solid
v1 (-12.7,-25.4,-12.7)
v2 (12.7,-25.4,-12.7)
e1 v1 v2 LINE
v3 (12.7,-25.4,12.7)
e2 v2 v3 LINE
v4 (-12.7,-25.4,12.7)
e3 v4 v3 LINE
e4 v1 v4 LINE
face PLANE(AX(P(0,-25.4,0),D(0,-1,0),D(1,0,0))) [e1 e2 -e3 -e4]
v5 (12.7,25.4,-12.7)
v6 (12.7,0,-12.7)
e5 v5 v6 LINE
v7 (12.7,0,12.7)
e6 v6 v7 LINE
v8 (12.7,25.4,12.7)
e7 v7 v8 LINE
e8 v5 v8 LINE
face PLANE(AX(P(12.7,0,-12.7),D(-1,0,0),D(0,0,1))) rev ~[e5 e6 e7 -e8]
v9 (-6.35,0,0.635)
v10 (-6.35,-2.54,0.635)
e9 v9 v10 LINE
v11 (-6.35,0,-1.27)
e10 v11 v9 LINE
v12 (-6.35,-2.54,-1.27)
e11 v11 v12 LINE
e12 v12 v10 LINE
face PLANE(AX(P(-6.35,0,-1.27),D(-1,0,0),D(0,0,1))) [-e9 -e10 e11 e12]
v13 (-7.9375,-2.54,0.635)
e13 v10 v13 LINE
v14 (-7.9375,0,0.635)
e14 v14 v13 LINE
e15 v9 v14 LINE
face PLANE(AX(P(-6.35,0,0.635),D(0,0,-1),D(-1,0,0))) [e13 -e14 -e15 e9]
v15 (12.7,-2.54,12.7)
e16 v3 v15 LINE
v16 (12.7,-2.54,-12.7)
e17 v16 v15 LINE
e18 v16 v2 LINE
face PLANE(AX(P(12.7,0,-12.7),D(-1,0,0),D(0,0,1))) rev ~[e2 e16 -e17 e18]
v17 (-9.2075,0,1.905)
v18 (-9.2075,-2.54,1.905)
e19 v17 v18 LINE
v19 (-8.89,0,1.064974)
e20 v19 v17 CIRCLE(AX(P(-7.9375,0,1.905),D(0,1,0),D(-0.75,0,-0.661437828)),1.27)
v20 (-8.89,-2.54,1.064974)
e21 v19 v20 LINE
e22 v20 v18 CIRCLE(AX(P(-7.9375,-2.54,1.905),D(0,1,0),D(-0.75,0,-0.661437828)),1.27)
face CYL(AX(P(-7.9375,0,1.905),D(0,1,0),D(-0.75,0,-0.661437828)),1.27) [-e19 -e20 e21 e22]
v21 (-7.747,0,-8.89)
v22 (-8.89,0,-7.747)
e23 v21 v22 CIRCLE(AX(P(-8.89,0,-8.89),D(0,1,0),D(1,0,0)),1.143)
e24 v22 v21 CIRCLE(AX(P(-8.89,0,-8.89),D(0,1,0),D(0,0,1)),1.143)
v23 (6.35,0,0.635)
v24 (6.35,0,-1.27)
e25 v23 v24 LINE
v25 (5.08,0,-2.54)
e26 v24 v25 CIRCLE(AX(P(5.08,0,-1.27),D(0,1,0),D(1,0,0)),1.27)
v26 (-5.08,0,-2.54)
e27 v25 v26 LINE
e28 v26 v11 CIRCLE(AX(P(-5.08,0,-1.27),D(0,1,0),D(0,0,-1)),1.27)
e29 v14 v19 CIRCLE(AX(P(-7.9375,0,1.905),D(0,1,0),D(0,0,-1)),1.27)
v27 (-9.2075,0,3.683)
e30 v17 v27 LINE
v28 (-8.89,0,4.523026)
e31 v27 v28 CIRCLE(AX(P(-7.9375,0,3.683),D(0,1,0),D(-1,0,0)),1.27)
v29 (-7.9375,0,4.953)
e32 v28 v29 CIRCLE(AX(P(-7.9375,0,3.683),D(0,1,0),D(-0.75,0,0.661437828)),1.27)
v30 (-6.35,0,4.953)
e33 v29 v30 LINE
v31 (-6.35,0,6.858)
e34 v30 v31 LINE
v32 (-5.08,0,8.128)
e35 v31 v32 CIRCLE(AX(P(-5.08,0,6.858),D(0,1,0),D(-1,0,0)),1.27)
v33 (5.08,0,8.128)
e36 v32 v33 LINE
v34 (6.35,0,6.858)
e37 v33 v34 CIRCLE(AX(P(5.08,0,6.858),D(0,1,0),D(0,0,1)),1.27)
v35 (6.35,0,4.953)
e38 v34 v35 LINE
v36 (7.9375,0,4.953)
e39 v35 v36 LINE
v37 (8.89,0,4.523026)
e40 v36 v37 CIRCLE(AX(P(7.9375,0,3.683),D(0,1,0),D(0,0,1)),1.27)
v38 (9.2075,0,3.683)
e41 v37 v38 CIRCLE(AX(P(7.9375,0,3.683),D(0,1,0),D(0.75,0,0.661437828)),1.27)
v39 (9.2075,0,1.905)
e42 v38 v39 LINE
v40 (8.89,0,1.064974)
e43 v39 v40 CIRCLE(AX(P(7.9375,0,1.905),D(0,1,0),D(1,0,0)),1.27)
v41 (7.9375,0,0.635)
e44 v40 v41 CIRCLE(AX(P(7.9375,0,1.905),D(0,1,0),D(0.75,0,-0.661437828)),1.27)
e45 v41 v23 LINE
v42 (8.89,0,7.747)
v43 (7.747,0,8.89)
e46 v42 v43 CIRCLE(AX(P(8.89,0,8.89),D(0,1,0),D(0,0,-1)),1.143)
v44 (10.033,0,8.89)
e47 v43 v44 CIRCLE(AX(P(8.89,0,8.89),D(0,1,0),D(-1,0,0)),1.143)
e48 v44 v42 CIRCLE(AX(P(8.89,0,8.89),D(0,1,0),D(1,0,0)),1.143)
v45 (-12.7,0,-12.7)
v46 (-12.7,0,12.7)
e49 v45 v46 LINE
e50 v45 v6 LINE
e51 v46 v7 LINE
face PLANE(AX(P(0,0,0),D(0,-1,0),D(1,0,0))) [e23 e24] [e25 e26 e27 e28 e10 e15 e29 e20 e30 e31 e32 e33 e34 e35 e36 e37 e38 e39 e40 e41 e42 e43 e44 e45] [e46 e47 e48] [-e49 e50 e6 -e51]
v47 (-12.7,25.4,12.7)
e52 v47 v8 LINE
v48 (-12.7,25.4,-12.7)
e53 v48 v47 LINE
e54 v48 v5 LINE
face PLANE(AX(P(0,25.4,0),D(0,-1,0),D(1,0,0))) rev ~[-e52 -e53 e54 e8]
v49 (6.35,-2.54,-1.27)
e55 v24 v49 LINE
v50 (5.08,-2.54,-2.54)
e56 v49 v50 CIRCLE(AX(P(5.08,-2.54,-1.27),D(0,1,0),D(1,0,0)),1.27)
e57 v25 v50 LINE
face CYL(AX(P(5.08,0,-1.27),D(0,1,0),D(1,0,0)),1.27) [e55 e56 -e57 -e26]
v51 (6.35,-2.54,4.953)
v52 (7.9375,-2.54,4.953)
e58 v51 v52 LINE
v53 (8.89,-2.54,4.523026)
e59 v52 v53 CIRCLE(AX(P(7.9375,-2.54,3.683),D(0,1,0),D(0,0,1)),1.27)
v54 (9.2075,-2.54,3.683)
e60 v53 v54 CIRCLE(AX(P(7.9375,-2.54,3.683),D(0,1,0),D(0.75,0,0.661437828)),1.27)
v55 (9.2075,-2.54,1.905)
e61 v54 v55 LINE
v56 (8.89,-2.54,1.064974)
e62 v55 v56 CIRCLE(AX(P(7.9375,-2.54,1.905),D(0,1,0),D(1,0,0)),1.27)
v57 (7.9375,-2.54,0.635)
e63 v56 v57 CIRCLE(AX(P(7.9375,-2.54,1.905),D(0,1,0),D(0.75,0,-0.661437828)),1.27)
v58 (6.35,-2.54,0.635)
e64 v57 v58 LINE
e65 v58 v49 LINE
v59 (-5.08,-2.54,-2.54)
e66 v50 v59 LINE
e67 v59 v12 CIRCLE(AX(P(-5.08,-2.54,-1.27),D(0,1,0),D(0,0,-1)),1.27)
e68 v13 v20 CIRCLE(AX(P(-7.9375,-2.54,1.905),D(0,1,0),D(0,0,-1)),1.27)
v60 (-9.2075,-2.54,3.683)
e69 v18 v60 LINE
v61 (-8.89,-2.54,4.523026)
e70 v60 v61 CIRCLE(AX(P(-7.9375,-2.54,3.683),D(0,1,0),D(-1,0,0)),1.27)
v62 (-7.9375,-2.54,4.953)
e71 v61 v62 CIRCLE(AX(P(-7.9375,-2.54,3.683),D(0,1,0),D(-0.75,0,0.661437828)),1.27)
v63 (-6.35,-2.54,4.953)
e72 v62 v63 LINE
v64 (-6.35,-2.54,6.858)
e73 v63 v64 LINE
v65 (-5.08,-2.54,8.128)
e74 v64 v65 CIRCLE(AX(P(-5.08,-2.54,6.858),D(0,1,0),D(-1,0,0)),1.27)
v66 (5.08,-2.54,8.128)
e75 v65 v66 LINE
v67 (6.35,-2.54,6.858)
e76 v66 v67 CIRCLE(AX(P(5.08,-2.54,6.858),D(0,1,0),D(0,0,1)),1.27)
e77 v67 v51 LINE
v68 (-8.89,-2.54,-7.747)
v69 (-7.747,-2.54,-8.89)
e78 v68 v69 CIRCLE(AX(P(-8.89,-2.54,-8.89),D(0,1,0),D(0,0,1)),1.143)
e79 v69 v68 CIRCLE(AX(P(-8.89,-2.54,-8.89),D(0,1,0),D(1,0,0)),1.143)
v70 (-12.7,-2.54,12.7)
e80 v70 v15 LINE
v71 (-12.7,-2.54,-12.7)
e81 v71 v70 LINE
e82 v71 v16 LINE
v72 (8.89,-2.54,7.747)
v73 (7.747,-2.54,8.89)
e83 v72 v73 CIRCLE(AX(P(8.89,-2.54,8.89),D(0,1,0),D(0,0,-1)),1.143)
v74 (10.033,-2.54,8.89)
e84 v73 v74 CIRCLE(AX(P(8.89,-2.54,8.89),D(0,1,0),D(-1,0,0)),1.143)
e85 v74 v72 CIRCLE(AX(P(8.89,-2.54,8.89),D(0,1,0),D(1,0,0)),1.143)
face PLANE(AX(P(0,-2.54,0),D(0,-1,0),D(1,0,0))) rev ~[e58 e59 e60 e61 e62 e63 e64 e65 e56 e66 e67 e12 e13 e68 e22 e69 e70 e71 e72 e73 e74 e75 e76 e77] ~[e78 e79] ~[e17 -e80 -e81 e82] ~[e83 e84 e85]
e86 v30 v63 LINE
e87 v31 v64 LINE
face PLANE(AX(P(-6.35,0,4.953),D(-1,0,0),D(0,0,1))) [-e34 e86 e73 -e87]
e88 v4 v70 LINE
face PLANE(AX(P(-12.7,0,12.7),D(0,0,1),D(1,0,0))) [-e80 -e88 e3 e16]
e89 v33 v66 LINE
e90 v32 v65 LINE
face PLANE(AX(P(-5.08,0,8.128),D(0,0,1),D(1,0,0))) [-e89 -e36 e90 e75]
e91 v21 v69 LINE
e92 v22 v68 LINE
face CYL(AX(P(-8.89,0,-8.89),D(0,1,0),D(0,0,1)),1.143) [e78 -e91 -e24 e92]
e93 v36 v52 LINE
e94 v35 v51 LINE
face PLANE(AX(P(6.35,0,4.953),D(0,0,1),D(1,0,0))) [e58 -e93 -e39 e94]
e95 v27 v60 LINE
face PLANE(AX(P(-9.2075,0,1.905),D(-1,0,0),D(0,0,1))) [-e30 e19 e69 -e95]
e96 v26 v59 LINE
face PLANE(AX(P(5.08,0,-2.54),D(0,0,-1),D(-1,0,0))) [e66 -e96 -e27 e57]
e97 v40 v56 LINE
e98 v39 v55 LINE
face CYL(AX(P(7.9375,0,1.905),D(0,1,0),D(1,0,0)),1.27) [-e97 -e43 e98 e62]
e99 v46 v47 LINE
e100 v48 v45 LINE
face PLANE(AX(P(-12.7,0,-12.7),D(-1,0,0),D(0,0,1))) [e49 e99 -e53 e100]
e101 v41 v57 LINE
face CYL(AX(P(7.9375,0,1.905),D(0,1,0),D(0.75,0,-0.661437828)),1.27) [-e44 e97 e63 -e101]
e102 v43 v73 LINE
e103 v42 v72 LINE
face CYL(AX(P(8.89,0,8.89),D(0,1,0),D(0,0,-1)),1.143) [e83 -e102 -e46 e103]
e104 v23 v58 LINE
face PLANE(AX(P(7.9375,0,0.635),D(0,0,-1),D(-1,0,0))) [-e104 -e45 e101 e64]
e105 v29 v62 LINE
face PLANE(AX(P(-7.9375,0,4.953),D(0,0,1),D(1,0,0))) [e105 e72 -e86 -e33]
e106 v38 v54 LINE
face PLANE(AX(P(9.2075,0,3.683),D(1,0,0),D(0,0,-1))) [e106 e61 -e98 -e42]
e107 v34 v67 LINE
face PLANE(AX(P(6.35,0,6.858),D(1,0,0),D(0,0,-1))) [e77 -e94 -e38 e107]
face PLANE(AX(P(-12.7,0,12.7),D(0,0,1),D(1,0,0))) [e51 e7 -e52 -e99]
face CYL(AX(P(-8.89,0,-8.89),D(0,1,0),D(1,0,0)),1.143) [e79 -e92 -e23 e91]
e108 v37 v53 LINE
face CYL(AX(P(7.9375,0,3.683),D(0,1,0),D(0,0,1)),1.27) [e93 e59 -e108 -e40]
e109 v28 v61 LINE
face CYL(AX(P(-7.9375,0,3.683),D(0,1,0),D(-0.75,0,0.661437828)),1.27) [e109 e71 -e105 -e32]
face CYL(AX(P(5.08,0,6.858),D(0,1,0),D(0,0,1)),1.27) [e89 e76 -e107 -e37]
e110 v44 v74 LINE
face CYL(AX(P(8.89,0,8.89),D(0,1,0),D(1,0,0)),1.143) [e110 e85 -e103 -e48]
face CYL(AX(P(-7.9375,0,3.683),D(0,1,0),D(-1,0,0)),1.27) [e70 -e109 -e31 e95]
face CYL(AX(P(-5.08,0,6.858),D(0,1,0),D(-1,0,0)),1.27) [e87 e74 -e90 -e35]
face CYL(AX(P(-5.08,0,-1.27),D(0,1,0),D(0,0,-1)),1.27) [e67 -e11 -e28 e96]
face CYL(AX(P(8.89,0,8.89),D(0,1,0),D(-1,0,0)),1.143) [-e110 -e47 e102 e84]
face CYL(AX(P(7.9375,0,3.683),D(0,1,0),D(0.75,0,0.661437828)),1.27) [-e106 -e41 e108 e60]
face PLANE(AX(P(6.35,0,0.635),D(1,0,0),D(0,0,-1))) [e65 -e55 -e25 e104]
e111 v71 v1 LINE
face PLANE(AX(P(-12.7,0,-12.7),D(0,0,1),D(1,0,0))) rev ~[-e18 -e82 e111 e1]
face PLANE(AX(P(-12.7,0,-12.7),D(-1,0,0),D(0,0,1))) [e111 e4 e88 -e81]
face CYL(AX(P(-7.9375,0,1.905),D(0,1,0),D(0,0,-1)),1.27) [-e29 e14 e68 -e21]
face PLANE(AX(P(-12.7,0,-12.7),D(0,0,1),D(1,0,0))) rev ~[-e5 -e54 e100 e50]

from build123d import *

# Parameters (mm, degrees)
F0_W          = 25.4
F0_H          = 25.4
F0_W_2        = 12.7
F0_H_2        = 4.318
F1_DEPTH      = 25.4
F1_DEPTH_BACK = 25.4
F2_DEPTH      = 2.54


with BuildPart() as f1:
    # F0 (on Front) → F1 (new body, two sides)
    with BuildSketch(Plane.XZ) as f1_sk:
        Rectangle(F0_W, F0_H)
        with BuildLine():
            Line((-8.89, 8.89), (7.747, 8.89))
            ThreePointArc((7.747, 8.89), (8.89, 10.033), (10.033, 8.89))
            ThreePointArc((10.033, 8.89), (9.6982230509, 8.0817769491), (8.89, 7.747))
            Line((8.89, 7.747), (8.89, 4.5230260413))
            ThreePointArc((8.89, 4.5230260413), (9.1254762203, 4.1320128061), (9.2075, 3.683))
            Line((9.2075, 3.683), (9.2075, 1.905))
            ThreePointArc((9.2075, 1.905), (9.1254762203, 1.4559871939), (8.89, 1.0649739587))
            Line((8.89, 1.0649739587), (8.89, -8.89))
            Line((8.89, -8.89), (-7.747, -8.89))
            ThreePointArc((-7.747, -8.89), (-9.6982230509, -9.6982230509), (-8.89, -7.747))
            Line((-8.89, -7.747), (-8.89, 1.0649739587))
            ThreePointArc((-8.89, 1.0649739587), (-9.1254762203, 1.4559871939), (-9.2075, 1.905))
            Line((-9.2075, 1.905), (-9.2075, 3.683))
            ThreePointArc((-9.2075, 3.683), (-9.1254762203, 4.1320128061), (-8.89, 4.5230260413))
            Line((-8.89, 4.5230260413), (-8.89, 8.89))
        make_face(mode=Mode.SUBTRACT)
        with BuildLine():
            Line((8.89, -8.89), (8.89, 1.0649739587))
            ThreePointArc((8.89, 1.0649739587), (8.4600260413, 0.7474739587), (7.9375, 0.635))
            Line((7.9375, 0.635), (6.35, 0.635))
            Line((6.35, 0.635), (6.35, -1.27))
            ThreePointArc((6.35, -1.27), (5.9780256121, -2.1680256121), (5.08, -2.54))
            Line((5.08, -2.54), (-5.08, -2.54))
            ThreePointArc((-5.08, -2.54), (-5.9780256121, -2.1680256121), (-6.35, -1.27))
            Line((-6.35, -1.27), (-6.35, 0.635))
            Line((-6.35, 0.635), (-7.9375, 0.635))
            ThreePointArc((-7.9375, 0.635), (-8.4600260413, 0.7474739587), (-8.89, 1.0649739587))
            Line((-8.89, 1.0649739587), (-8.89, -7.747))
            ThreePointArc((-8.89, -7.747), (-8.0817769491, -8.0817769491), (-7.747, -8.89))
            Line((-7.747, -8.89), (8.89, -8.89))
        make_face()
        with BuildLine():
            ThreePointArc((8.89, 7.747), (8.0817769491, 8.0817769491), (7.747, 8.89))
            Line((7.747, 8.89), (-8.89, 8.89))
            Line((-8.89, 8.89), (-8.89, 4.5230260413))
            ThreePointArc((-8.89, 4.5230260413), (-8.4600260413, 4.8405260413), (-7.9375, 4.953))
            Line((-7.9375, 4.953), (-6.35, 4.953))
            Line((-6.35, 4.953), (-6.35, 6.858))
            ThreePointArc((-6.35, 6.858), (-5.9780256121, 7.7560256121), (-5.08, 8.128))
            Line((-5.08, 8.128), (5.08, 8.128))
            ThreePointArc((5.08, 8.128), (5.9780256121, 7.7560256121), (6.35, 6.858))
            Line((6.35, 6.858), (6.35, 4.953))
            Line((6.35, 4.953), (7.9375, 4.953))
            ThreePointArc((7.9375, 4.953), (8.4600260413, 4.8405260413), (8.89, 4.5230260413))
            Line((8.89, 4.5230260413), (8.89, 7.747))
        make_face()
        with BuildLine():
            Line((8.89, 7.747), (8.89, 8.89))
            Line((8.89, 8.89), (7.747, 8.89))
            ThreePointArc((7.747, 8.89), (8.0817769491, 8.0817769491), (8.89, 7.747))
        make_face()
        with BuildLine():
            Line((7.747, 8.89), (8.89, 8.89))
            Line((8.89, 8.89), (8.89, 7.747))
            ThreePointArc((8.89, 7.747), (9.6982230509, 8.0817769491), (10.033, 8.89))
            ThreePointArc((10.033, 8.89), (8.89, 10.033), (7.747, 8.89))
        make_face()
        with BuildLine():
            ThreePointArc((-7.747, -8.89), (-8.0817769491, -8.0817769491), (-8.89, -7.747))
            Line((-8.89, -7.747), (-8.89, -8.89))
            Line((-8.89, -8.89), (-7.747, -8.89))
        make_face()
        with BuildLine():
            Line((-8.89, -8.89), (-8.89, -7.747))
            ThreePointArc((-8.89, -7.747), (-9.6982230509, -9.6982230509), (-7.747, -8.89))
            Line((-7.747, -8.89), (-8.89, -8.89))
        make_face()
        with Locations((0, 2.794)):
            Rectangle(F0_W_2, F0_H_2)
        with BuildLine():
            ThreePointArc((-7.9375, 4.953), (-8.4600260413, 4.8405260413), (-8.89, 4.5230260413))
            Line((-8.89, 4.5230260413), (-8.89, 1.0649739587))
            ThreePointArc((-8.89, 1.0649739587), (-8.4600260413, 0.7474739587), (-7.9375, 0.635))
            Line((-7.9375, 0.635), (-6.35, 0.635))
            Line((-6.35, 0.635), (-6.35, 4.953))
            Line((-6.35, 4.953), (-7.9375, 4.953))
        make_face()
        with BuildLine():
            Line((8.89, 1.0649739587), (8.89, 4.5230260413))
            ThreePointArc((8.89, 4.5230260413), (8.4600260413, 4.8405260413), (7.9375, 4.953))
            Line((7.9375, 4.953), (6.35, 4.953))
            Line((6.35, 4.953), (6.35, 0.635))
            Line((6.35, 0.635), (7.9375, 0.635))
            ThreePointArc((7.9375, 0.635), (8.4600260413, 0.7474739587), (8.89, 1.0649739587))
        make_face()
        with BuildLine():
            ThreePointArc((9.2075, 3.683), (9.1254762203, 4.1320128061), (8.89, 4.5230260413))
            Line((8.89, 4.5230260413), (8.89, 1.0649739587))
            ThreePointArc((8.89, 1.0649739587), (9.1254762203, 1.4559871939), (9.2075, 1.905))
            Line((9.2075, 1.905), (9.2075, 3.683))
        make_face()
        with BuildLine():
            Line((6.35, -1.27), (6.35, 0.635))
            Line((6.35, 0.635), (-6.35, 0.635))
            Line((-6.35, 0.635), (-6.35, -1.27))
            ThreePointArc((-6.35, -1.27), (-5.9780256121, -2.1680256121), (-5.08, -2.54))
            Line((-5.08, -2.54), (5.08, -2.54))
            ThreePointArc((5.08, -2.54), (5.9780256121, -2.1680256121), (6.35, -1.27))
        make_face()
        with BuildLine():
            Line((-6.35, 4.953), (6.35, 4.953))
            Line((6.35, 4.953), (6.35, 6.858))
            ThreePointArc((6.35, 6.858), (5.9780256121, 7.7560256121), (5.08, 8.128))
            Line((5.08, 8.128), (-5.08, 8.128))
            ThreePointArc((-5.08, 8.128), (-5.9780256121, 7.7560256121), (-6.35, 6.858))
            Line((-6.35, 6.858), (-6.35, 4.953))
        make_face()
        with BuildLine():
            Line((-8.89, 1.0649739587), (-8.89, 4.5230260413))
            ThreePointArc((-8.89, 4.5230260413), (-9.1254762203, 4.1320128061), (-9.2075, 3.683))
            Line((-9.2075, 3.683), (-9.2075, 1.905))
            ThreePointArc((-9.2075, 1.905), (-9.1254762203, 1.4559871939), (-8.89, 1.0649739587))
        make_face()
    extrude(amount=-F1_DEPTH)
    extrude(f1_sk.sketch, amount=F1_DEPTH_BACK)

    # F0 (on Front) → F2 (cut)
    with BuildSketch(Plane.XZ):
        Rectangle(F0_W, F0_H)
        with BuildLine():
            Line((-8.89, 8.89), (7.747, 8.89))
            ThreePointArc((7.747, 8.89), (8.89, 10.033), (10.033, 8.89))
            ThreePointArc((10.033, 8.89), (9.6982230509, 8.0817769491), (8.89, 7.747))
            Line((8.89, 7.747), (8.89, 4.5230260413))
            ThreePointArc((8.89, 4.5230260413), (9.1254762203, 4.1320128061), (9.2075, 3.683))
            Line((9.2075, 3.683), (9.2075, 1.905))
            ThreePointArc((9.2075, 1.905), (9.1254762203, 1.4559871939), (8.89, 1.0649739587))
            Line((8.89, 1.0649739587), (8.89, -8.89))
            Line((8.89, -8.89), (-7.747, -8.89))
            ThreePointArc((-7.747, -8.89), (-9.6982230509, -9.6982230509), (-8.89, -7.747))
            Line((-8.89, -7.747), (-8.89, 1.0649739587))
            ThreePointArc((-8.89, 1.0649739587), (-9.1254762203, 1.4559871939), (-9.2075, 1.905))
            Line((-9.2075, 1.905), (-9.2075, 3.683))
            ThreePointArc((-9.2075, 3.683), (-9.1254762203, 4.1320128061), (-8.89, 4.5230260413))
            Line((-8.89, 4.5230260413), (-8.89, 8.89))
        make_face(mode=Mode.SUBTRACT)
        with BuildLine():
            ThreePointArc((8.89, 7.747), (8.0817769491, 8.0817769491), (7.747, 8.89))
            Line((7.747, 8.89), (-8.89, 8.89))
            Line((-8.89, 8.89), (-8.89, 4.5230260413))
            ThreePointArc((-8.89, 4.5230260413), (-8.4600260413, 4.8405260413), (-7.9375, 4.953))
            Line((-7.9375, 4.953), (-6.35, 4.953))
            Line((-6.35, 4.953), (-6.35, 6.858))
            ThreePointArc((-6.35, 6.858), (-5.9780256121, 7.7560256121), (-5.08, 8.128))
            Line((-5.08, 8.128), (5.08, 8.128))
            ThreePointArc((5.08, 8.128), (5.9780256121, 7.7560256121), (6.35, 6.858))
            Line((6.35, 6.858), (6.35, 4.953))
            Line((6.35, 4.953), (7.9375, 4.953))
            ThreePointArc((7.9375, 4.953), (8.4600260413, 4.8405260413), (8.89, 4.5230260413))
            Line((8.89, 4.5230260413), (8.89, 7.747))
        make_face()
        with BuildLine():
            Line((8.89, -8.89), (8.89, 1.0649739587))
            ThreePointArc((8.89, 1.0649739587), (8.4600260413, 0.7474739587), (7.9375, 0.635))
            Line((7.9375, 0.635), (6.35, 0.635))
            Line((6.35, 0.635), (6.35, -1.27))
            ThreePointArc((6.35, -1.27), (5.9780256121, -2.1680256121), (5.08, -2.54))
            Line((5.08, -2.54), (-5.08, -2.54))
            ThreePointArc((-5.08, -2.54), (-5.9780256121, -2.1680256121), (-6.35, -1.27))
            Line((-6.35, -1.27), (-6.35, 0.635))
            Line((-6.35, 0.635), (-7.9375, 0.635))
            ThreePointArc((-7.9375, 0.635), (-8.4600260413, 0.7474739587), (-8.89, 1.0649739587))
            Line((-8.89, 1.0649739587), (-8.89, -7.747))
            ThreePointArc((-8.89, -7.747), (-8.0817769491, -8.0817769491), (-7.747, -8.89))
            Line((-7.747, -8.89), (8.89, -8.89))
        make_face()
    extrude(amount=F2_DEPTH, mode=Mode.SUBTRACT)


solid = f1.part
